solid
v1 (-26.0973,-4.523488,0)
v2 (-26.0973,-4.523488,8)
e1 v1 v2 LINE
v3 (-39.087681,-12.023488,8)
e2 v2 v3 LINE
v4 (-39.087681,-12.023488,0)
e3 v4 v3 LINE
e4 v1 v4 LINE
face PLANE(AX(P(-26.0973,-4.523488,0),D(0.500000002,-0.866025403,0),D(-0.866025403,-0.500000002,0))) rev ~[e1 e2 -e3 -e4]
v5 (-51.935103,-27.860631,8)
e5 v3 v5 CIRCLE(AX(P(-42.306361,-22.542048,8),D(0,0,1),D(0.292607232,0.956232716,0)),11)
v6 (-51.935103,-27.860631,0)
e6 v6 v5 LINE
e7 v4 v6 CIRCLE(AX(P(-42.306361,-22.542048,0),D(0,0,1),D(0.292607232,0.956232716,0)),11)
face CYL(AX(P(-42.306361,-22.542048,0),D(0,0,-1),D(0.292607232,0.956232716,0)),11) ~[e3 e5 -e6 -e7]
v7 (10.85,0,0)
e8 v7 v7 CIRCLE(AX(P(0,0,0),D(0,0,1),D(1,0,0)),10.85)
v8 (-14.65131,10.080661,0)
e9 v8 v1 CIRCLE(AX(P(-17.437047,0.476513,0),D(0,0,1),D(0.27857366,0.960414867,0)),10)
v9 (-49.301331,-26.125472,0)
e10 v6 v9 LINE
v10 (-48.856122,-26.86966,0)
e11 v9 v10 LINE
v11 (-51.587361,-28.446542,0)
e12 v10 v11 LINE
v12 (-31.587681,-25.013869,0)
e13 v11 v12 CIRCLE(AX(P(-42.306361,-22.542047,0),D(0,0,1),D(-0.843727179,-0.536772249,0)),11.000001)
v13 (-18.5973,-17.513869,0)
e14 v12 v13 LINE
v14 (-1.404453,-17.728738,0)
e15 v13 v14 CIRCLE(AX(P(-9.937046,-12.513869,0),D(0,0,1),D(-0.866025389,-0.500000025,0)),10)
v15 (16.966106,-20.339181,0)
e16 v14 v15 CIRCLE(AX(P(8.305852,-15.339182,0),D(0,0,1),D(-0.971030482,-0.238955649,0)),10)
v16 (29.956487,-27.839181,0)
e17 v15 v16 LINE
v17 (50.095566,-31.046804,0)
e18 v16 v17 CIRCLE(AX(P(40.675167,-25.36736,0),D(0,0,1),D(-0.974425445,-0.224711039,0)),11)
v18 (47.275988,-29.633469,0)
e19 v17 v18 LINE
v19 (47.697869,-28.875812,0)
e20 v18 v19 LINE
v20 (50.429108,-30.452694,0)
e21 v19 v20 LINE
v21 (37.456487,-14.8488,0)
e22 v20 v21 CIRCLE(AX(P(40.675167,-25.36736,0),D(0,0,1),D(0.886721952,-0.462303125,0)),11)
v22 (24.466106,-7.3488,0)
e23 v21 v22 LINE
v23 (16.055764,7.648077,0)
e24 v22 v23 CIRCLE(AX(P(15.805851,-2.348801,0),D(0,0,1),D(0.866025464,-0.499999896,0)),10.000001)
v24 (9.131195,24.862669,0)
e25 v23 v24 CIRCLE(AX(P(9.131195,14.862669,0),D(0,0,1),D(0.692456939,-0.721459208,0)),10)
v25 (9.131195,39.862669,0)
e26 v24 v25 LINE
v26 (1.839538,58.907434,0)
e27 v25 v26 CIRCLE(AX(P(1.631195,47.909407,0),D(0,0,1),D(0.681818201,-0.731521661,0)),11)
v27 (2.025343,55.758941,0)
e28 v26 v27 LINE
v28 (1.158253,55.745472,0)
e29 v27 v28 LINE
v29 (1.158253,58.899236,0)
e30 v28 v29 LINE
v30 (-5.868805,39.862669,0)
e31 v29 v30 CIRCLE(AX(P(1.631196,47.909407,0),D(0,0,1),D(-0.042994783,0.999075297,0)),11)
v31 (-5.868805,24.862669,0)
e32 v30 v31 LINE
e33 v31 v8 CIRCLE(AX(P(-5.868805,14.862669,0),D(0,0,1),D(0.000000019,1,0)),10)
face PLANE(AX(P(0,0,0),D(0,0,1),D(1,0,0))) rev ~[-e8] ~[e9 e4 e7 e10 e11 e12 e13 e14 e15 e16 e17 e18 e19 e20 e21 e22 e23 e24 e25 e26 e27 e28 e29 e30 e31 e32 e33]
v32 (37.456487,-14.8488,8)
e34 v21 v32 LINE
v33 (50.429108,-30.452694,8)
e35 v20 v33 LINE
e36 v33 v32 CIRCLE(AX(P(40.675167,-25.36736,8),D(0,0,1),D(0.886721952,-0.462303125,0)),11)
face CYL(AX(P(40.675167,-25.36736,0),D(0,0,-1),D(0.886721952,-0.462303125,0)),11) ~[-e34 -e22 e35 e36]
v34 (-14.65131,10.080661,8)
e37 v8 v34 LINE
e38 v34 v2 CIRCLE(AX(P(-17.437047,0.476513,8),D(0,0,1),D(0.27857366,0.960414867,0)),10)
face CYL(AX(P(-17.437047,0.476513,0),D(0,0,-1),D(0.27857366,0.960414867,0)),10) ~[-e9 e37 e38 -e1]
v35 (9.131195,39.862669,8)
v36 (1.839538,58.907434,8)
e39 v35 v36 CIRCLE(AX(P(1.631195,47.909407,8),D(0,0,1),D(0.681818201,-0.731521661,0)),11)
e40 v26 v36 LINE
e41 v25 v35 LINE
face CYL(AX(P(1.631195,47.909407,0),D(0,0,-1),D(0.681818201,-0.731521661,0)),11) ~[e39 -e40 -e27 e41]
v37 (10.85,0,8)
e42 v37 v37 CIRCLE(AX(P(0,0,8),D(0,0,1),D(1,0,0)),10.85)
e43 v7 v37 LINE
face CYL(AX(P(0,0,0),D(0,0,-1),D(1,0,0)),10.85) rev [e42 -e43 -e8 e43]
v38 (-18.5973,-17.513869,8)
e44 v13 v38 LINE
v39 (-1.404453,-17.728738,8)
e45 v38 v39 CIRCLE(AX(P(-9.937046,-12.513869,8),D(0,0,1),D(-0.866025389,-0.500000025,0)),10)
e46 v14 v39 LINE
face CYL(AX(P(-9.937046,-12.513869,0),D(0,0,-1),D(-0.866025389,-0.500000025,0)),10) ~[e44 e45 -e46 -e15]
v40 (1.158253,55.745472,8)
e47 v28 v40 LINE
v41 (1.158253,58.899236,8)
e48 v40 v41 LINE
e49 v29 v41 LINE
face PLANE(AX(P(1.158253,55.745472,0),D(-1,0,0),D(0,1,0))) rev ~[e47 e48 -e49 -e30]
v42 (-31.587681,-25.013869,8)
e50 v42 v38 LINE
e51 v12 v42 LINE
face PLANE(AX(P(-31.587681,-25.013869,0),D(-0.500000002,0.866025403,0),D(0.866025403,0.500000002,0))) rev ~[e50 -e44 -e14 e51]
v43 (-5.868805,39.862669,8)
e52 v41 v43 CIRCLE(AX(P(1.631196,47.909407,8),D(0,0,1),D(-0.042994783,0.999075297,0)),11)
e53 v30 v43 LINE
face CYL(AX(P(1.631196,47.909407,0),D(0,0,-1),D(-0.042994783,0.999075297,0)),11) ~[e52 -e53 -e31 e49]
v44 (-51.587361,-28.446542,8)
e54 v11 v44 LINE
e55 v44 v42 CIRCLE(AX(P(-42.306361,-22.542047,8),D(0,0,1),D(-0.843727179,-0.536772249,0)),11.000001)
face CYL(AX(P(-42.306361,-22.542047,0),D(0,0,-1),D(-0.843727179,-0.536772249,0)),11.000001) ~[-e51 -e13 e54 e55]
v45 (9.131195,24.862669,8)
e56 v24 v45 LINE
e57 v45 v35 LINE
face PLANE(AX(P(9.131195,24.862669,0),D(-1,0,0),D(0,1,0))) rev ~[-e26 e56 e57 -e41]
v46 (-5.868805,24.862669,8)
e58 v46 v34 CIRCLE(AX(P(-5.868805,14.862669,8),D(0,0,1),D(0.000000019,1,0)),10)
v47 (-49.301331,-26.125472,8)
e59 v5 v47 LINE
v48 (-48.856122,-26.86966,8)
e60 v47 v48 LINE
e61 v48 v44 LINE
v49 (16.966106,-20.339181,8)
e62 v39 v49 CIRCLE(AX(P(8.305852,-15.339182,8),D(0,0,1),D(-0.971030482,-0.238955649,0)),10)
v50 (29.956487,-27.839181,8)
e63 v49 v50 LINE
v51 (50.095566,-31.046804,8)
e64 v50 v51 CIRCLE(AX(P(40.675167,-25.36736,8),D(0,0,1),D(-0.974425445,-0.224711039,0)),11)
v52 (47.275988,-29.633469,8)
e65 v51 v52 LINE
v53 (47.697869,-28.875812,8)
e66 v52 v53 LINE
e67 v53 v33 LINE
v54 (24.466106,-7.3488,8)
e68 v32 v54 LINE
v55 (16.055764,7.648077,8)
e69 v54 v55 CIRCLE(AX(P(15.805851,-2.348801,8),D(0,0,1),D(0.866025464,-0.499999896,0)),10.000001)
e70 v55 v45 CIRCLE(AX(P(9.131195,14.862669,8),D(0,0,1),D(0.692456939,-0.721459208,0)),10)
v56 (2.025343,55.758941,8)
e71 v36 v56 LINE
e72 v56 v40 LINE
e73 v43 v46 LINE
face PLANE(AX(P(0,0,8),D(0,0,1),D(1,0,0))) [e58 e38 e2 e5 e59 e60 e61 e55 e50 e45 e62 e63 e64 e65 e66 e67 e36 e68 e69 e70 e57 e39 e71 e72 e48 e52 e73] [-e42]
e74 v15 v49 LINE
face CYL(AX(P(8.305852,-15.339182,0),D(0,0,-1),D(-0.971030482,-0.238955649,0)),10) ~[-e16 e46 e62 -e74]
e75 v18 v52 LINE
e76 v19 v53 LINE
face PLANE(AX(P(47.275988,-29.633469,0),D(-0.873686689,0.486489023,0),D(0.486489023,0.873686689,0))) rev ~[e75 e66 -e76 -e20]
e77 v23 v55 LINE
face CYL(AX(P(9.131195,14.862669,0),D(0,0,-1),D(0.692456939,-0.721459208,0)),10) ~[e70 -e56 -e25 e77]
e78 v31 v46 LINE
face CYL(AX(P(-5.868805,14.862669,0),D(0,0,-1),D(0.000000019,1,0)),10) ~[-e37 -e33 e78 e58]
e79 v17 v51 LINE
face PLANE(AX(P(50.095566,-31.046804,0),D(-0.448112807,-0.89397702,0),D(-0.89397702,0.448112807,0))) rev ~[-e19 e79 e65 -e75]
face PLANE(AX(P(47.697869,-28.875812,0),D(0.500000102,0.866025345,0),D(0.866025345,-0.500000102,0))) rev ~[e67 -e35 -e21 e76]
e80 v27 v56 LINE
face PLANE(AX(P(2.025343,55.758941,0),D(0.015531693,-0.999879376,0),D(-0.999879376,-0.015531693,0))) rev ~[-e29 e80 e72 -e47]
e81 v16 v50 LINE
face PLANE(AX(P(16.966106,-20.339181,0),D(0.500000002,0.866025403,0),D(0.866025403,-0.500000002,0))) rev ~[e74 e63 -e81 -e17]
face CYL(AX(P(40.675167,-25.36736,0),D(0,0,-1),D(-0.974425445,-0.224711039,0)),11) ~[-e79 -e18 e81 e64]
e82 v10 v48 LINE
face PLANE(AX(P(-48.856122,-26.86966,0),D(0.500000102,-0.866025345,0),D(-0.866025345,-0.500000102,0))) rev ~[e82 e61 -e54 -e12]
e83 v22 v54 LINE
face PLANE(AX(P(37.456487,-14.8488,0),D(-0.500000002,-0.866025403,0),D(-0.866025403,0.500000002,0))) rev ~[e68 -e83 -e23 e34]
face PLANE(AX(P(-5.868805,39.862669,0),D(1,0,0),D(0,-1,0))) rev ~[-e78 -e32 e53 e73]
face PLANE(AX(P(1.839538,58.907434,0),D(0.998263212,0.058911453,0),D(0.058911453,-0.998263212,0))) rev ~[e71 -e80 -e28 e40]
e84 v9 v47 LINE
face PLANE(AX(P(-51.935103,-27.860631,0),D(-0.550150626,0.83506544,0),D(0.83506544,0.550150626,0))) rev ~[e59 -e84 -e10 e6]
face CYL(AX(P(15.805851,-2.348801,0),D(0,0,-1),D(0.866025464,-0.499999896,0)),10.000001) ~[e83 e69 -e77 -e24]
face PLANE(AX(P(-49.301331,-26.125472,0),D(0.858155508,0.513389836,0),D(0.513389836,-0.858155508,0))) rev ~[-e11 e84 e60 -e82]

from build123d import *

# Parameters (mm, degrees)
F0_R     = 10.85
F1_DEPTH = 8


with BuildPart() as f1:
    # F0 (on Top) → F1 (new body)
    with BuildSketch(Plane.XY):
        with BuildLine():
            Line((9.131195, 24.862669), (9.131195, 39.862669))
            ThreePointArc((9.131195, 39.862669), (11.903994, 51.842548), (1.839538, 58.907434))
            Line((1.839538, 58.907434), (2.025343, 55.758941))
            Line((2.025343, 55.758941), (1.158253, 55.745472))
            Line((1.158253, 55.745472), (1.158253, 58.899236))
            ThreePointArc((1.158253, 58.899236), (-8.688188, 51.71865), (-5.868805, 39.862669))
            Line((-5.868805, 39.862669), (-5.868805, 24.862669))
            ThreePointArc((-5.868805, 24.862669), (-14.4659, 19.970502), (-14.65131, 10.080661))
            ThreePointArc((-14.65131, 10.080661), (-25.307738, 6.64516), (-26.0973, -4.523488))
            Line((-26.0973, -4.523488), (-39.087681, -12.023488))
            ThreePointArc((-39.087681, -12.023488), (-50.84896, -15.612113), (-51.935103, -27.860631))
            Line((-51.935103, -27.860631), (-49.301331, -26.125472))
            Line((-49.301331, -26.125472), (-48.856122, -26.86966))
            Line((-48.856122, -26.86966), (-51.587361, -28.446542))
            ThreePointArc((-51.587361, -28.446542), (-40.445571, -33.383517), (-31.587681, -25.013869))
            Line((-31.587681, -25.013869), (-18.5973, -17.513869))
            ThreePointArc((-18.5973, -17.513869), (-10.062012, -22.513088), (-1.404453, -17.728738))
            ThreePointArc((-1.404453, -17.728738), (6.898991, -25.239724), (16.966106, -20.339181))
            Line((16.966106, -20.339181), (29.956487, -27.839181))
            ThreePointArc((29.956487, -27.839181), (38.944966, -36.230435), (50.095566, -31.046804))
            Line((50.095566, -31.046804), (47.275988, -29.633469))
            Line((47.275988, -29.633469), (47.697869, -28.875812))
            Line((47.697869, -28.875812), (50.429108, -30.452694))
            ThreePointArc((50.429108, -30.452694), (49.133759, -18.335133), (37.456487, -14.8488))
            Line((37.456487, -14.8488), (24.466106, -7.3488))
            ThreePointArc((24.466106, -7.3488), (24.527912, 2.542586), (16.055764, 7.648077))
            ThreePointArc((16.055764, 7.648077), (18.408746, 18.594564), (9.131195, 24.862669))
        make_face()
        Circle(F0_R, mode=Mode.SUBTRACT)
    extrude(amount=F1_DEPTH)


solid = f1.part
